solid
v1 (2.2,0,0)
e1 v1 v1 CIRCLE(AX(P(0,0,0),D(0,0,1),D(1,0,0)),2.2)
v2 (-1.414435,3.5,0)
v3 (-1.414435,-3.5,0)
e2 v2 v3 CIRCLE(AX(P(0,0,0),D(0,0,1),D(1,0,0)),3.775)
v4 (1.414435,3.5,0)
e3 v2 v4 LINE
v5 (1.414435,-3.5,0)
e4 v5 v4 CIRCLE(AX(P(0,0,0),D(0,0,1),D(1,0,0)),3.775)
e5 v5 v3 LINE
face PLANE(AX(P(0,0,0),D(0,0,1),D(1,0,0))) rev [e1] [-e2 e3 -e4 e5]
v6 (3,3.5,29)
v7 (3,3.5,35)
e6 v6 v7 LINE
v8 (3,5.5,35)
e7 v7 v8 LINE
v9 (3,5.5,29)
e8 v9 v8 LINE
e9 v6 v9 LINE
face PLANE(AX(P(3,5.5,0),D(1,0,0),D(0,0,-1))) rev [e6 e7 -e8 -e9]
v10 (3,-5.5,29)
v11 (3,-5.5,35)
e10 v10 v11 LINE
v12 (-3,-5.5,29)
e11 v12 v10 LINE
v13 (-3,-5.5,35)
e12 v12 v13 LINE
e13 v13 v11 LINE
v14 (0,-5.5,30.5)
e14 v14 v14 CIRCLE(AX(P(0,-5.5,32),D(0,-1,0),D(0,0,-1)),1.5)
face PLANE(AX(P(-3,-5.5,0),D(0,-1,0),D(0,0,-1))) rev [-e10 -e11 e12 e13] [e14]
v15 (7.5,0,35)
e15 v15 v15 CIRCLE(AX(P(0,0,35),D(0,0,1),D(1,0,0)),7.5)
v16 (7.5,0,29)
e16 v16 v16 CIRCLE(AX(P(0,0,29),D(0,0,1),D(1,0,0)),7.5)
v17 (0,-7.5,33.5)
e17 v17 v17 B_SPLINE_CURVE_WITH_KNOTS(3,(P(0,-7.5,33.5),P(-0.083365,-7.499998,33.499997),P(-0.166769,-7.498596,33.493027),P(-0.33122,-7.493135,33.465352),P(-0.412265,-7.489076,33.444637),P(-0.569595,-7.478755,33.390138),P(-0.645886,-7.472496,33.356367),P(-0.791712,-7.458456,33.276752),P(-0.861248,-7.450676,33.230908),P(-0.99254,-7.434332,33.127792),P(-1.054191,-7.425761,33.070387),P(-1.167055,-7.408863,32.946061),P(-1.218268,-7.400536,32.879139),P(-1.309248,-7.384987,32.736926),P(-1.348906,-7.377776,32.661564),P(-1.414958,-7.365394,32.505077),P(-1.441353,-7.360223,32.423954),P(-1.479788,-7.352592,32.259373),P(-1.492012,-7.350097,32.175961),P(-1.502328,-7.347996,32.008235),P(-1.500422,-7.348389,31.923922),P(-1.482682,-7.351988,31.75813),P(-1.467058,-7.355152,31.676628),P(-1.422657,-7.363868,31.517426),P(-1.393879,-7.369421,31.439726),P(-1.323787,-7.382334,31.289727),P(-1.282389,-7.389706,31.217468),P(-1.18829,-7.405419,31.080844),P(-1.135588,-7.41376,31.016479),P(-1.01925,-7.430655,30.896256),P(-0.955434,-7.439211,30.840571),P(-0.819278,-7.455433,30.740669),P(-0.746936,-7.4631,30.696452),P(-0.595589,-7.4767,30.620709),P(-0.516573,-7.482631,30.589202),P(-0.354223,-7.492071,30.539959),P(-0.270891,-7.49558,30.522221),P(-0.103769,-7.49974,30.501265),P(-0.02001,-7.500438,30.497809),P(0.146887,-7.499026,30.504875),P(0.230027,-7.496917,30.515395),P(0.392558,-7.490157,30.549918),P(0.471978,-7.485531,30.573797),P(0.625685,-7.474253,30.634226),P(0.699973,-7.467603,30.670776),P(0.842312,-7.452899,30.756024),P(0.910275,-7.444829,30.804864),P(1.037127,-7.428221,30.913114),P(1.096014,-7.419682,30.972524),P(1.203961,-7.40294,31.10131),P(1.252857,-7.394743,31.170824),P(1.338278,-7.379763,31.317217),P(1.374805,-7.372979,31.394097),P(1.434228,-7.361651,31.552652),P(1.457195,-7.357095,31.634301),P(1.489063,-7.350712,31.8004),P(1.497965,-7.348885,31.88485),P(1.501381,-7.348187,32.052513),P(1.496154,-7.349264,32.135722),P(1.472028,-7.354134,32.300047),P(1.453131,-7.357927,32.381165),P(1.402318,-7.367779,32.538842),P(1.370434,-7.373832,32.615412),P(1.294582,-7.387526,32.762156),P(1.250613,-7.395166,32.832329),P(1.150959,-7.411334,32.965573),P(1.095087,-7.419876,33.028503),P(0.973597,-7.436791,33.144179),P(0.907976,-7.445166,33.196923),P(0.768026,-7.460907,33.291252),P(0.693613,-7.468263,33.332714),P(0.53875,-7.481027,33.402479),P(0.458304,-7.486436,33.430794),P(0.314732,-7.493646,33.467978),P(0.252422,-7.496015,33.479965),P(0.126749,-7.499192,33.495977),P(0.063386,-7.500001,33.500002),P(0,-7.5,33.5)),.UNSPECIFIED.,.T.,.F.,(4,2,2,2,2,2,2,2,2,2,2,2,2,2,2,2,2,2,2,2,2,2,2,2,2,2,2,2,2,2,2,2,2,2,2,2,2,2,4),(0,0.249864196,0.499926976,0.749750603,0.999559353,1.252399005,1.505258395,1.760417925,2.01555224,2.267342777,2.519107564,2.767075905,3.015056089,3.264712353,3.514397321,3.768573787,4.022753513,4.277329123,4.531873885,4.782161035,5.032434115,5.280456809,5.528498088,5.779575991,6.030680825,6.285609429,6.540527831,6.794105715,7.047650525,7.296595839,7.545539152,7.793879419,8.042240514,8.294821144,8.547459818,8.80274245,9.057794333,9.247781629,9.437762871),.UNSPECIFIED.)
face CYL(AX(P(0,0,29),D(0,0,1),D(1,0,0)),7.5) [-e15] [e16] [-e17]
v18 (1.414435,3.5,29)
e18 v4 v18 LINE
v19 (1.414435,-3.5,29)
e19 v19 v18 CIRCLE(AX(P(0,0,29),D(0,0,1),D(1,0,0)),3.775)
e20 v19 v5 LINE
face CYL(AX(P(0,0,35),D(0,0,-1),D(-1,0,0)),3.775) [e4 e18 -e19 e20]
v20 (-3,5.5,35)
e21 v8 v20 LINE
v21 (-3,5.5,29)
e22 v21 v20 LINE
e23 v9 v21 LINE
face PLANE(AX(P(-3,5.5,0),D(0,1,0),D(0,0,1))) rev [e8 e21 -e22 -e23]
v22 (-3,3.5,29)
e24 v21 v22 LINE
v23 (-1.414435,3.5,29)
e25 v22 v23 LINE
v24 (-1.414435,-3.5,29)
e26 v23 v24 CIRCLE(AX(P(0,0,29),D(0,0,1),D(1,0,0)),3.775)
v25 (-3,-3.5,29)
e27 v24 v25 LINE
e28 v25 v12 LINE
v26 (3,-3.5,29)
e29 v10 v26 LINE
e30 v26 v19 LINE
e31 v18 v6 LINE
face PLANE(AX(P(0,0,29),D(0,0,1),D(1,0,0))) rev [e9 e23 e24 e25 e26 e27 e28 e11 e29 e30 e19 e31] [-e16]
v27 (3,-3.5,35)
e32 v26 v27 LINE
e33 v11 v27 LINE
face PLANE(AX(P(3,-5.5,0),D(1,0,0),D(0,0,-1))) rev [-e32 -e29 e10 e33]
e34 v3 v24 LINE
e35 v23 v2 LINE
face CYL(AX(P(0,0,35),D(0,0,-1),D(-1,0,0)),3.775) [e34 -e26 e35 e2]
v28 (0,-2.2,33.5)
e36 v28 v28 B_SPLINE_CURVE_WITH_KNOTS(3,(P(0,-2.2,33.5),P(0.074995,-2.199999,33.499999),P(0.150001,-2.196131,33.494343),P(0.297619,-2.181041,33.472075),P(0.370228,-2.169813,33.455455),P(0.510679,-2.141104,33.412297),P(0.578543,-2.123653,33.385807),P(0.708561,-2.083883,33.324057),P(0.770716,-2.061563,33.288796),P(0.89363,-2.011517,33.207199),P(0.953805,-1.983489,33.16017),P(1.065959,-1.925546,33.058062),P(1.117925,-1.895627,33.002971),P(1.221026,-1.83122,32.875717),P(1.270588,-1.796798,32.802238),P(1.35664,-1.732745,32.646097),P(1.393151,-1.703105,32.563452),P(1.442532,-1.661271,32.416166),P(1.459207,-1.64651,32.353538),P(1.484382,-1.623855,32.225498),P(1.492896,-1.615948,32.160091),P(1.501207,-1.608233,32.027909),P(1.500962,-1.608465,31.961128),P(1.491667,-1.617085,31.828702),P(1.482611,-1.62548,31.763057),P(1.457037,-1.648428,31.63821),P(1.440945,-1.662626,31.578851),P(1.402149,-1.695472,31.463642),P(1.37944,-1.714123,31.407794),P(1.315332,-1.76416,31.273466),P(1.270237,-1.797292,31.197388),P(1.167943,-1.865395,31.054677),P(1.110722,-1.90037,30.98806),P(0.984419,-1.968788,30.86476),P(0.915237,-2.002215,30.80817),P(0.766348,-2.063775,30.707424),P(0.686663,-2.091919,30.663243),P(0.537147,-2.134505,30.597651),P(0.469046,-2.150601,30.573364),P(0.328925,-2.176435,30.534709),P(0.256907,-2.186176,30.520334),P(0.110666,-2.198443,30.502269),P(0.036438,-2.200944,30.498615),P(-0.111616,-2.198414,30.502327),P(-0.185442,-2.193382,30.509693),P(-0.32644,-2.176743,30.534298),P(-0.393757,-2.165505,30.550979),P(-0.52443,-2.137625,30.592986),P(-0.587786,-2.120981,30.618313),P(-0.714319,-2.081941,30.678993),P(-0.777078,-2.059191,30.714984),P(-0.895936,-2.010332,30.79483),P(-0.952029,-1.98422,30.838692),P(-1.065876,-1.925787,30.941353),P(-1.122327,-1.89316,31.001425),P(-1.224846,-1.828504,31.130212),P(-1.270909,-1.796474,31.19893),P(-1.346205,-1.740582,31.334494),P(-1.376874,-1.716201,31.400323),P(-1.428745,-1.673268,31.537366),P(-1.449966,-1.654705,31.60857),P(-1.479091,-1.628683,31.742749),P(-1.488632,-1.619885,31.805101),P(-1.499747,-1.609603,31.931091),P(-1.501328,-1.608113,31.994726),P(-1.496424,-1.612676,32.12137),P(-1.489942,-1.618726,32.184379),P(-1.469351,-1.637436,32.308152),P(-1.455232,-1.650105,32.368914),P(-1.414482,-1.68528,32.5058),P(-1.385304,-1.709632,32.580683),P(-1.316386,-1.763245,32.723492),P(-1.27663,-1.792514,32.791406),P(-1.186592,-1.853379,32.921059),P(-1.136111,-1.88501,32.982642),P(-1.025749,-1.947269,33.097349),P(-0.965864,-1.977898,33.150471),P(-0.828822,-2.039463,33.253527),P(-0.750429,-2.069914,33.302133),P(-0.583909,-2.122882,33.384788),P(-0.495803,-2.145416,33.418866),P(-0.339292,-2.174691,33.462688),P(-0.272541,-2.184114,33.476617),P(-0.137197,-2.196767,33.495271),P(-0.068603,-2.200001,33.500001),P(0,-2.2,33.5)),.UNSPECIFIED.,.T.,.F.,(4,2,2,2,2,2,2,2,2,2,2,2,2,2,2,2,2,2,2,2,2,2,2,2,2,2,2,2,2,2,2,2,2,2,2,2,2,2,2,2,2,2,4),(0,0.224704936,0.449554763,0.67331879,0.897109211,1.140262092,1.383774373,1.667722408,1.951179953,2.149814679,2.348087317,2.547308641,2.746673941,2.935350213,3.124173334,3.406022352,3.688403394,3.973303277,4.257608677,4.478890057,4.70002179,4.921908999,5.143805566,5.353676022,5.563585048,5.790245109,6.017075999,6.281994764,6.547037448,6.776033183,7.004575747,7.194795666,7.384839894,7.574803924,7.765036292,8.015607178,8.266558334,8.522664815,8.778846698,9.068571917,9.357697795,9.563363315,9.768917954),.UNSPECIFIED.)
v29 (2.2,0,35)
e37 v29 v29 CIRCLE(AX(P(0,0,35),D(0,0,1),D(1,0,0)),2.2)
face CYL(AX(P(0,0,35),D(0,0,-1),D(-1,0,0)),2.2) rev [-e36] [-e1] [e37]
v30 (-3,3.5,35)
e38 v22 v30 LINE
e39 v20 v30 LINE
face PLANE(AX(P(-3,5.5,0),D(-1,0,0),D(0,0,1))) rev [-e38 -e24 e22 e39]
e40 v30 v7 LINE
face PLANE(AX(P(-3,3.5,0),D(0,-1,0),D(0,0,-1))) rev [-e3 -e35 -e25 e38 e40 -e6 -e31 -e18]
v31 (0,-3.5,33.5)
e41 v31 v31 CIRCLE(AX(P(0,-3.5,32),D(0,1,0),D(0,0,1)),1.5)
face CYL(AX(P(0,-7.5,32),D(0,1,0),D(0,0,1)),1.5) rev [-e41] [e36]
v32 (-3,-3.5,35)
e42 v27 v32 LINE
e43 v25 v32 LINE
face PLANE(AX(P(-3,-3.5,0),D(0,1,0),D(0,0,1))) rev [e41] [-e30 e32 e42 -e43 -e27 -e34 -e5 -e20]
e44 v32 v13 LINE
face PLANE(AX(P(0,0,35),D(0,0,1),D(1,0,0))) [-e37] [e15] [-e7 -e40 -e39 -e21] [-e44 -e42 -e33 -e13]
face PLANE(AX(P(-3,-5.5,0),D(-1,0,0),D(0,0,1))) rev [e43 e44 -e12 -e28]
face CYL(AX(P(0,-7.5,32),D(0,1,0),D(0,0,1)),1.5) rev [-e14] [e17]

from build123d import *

# Parameters (mm, degrees)
SKETCH1_R           = 3.775
SKETCH1_R_2         = 2.2
BOSS_EXTRUDE1_DEPTH = 35
BOSS_EXTRUDE2_START = -6
SKETCH2_R           = 7.5
SKETCH2_R_2         = 3.775
BOSS_EXTRUDE2_DEPTH = 6
SKETCH3_W           = 6
SKETCH3_H           = 2
CUT_EXTRUDE1_DEPTH  = 37.571847096
SKETCH4_R           = 1.5
CUT_EXTRUDE2_DEPTH  = 37.571847096


with BuildPart() as part:
    # Sketch1 → Boss-Extrude1 (new body)
    with BuildSketch(Plane.XY):
        Circle(SKETCH1_R)
        Circle(SKETCH1_R_2, mode=Mode.SUBTRACT)
    extrude(amount=BOSS_EXTRUDE1_DEPTH)

    # Sketch2 → Boss-Extrude2 (add)
    with BuildSketch(Plane.XY.offset(35).offset(BOSS_EXTRUDE2_START)):
        Circle(SKETCH2_R)
        Circle(SKETCH2_R_2, mode=Mode.SUBTRACT)
    extrude(amount=BOSS_EXTRUDE2_DEPTH)

    # Sketch3 → Cut-Extrude1 (cut, through all)
    with BuildSketch(Plane.XY.offset(35)):
        with Locations((0, 4.5)):
            Rectangle(SKETCH3_W, SKETCH3_H)
        with Locations((0, -4.5)):
            Rectangle(SKETCH3_W, SKETCH3_H)
    extrude(amount=-CUT_EXTRUDE1_DEPTH, mode=Mode.SUBTRACT)

    # Sketch4 → Cut-Extrude2 (cut, through all)
    with BuildSketch(Plane(origin=(0, 0, 0), x_dir=(1, 0, 0), z_dir=(0, 1, 0))):
        with Locations(Location((0, -32, 0), (0, 0, 270))):
            Circle(SKETCH4_R)
    extrude(amount=-CUT_EXTRUDE2_DEPTH, mode=Mode.SUBTRACT)


solid = part.part
